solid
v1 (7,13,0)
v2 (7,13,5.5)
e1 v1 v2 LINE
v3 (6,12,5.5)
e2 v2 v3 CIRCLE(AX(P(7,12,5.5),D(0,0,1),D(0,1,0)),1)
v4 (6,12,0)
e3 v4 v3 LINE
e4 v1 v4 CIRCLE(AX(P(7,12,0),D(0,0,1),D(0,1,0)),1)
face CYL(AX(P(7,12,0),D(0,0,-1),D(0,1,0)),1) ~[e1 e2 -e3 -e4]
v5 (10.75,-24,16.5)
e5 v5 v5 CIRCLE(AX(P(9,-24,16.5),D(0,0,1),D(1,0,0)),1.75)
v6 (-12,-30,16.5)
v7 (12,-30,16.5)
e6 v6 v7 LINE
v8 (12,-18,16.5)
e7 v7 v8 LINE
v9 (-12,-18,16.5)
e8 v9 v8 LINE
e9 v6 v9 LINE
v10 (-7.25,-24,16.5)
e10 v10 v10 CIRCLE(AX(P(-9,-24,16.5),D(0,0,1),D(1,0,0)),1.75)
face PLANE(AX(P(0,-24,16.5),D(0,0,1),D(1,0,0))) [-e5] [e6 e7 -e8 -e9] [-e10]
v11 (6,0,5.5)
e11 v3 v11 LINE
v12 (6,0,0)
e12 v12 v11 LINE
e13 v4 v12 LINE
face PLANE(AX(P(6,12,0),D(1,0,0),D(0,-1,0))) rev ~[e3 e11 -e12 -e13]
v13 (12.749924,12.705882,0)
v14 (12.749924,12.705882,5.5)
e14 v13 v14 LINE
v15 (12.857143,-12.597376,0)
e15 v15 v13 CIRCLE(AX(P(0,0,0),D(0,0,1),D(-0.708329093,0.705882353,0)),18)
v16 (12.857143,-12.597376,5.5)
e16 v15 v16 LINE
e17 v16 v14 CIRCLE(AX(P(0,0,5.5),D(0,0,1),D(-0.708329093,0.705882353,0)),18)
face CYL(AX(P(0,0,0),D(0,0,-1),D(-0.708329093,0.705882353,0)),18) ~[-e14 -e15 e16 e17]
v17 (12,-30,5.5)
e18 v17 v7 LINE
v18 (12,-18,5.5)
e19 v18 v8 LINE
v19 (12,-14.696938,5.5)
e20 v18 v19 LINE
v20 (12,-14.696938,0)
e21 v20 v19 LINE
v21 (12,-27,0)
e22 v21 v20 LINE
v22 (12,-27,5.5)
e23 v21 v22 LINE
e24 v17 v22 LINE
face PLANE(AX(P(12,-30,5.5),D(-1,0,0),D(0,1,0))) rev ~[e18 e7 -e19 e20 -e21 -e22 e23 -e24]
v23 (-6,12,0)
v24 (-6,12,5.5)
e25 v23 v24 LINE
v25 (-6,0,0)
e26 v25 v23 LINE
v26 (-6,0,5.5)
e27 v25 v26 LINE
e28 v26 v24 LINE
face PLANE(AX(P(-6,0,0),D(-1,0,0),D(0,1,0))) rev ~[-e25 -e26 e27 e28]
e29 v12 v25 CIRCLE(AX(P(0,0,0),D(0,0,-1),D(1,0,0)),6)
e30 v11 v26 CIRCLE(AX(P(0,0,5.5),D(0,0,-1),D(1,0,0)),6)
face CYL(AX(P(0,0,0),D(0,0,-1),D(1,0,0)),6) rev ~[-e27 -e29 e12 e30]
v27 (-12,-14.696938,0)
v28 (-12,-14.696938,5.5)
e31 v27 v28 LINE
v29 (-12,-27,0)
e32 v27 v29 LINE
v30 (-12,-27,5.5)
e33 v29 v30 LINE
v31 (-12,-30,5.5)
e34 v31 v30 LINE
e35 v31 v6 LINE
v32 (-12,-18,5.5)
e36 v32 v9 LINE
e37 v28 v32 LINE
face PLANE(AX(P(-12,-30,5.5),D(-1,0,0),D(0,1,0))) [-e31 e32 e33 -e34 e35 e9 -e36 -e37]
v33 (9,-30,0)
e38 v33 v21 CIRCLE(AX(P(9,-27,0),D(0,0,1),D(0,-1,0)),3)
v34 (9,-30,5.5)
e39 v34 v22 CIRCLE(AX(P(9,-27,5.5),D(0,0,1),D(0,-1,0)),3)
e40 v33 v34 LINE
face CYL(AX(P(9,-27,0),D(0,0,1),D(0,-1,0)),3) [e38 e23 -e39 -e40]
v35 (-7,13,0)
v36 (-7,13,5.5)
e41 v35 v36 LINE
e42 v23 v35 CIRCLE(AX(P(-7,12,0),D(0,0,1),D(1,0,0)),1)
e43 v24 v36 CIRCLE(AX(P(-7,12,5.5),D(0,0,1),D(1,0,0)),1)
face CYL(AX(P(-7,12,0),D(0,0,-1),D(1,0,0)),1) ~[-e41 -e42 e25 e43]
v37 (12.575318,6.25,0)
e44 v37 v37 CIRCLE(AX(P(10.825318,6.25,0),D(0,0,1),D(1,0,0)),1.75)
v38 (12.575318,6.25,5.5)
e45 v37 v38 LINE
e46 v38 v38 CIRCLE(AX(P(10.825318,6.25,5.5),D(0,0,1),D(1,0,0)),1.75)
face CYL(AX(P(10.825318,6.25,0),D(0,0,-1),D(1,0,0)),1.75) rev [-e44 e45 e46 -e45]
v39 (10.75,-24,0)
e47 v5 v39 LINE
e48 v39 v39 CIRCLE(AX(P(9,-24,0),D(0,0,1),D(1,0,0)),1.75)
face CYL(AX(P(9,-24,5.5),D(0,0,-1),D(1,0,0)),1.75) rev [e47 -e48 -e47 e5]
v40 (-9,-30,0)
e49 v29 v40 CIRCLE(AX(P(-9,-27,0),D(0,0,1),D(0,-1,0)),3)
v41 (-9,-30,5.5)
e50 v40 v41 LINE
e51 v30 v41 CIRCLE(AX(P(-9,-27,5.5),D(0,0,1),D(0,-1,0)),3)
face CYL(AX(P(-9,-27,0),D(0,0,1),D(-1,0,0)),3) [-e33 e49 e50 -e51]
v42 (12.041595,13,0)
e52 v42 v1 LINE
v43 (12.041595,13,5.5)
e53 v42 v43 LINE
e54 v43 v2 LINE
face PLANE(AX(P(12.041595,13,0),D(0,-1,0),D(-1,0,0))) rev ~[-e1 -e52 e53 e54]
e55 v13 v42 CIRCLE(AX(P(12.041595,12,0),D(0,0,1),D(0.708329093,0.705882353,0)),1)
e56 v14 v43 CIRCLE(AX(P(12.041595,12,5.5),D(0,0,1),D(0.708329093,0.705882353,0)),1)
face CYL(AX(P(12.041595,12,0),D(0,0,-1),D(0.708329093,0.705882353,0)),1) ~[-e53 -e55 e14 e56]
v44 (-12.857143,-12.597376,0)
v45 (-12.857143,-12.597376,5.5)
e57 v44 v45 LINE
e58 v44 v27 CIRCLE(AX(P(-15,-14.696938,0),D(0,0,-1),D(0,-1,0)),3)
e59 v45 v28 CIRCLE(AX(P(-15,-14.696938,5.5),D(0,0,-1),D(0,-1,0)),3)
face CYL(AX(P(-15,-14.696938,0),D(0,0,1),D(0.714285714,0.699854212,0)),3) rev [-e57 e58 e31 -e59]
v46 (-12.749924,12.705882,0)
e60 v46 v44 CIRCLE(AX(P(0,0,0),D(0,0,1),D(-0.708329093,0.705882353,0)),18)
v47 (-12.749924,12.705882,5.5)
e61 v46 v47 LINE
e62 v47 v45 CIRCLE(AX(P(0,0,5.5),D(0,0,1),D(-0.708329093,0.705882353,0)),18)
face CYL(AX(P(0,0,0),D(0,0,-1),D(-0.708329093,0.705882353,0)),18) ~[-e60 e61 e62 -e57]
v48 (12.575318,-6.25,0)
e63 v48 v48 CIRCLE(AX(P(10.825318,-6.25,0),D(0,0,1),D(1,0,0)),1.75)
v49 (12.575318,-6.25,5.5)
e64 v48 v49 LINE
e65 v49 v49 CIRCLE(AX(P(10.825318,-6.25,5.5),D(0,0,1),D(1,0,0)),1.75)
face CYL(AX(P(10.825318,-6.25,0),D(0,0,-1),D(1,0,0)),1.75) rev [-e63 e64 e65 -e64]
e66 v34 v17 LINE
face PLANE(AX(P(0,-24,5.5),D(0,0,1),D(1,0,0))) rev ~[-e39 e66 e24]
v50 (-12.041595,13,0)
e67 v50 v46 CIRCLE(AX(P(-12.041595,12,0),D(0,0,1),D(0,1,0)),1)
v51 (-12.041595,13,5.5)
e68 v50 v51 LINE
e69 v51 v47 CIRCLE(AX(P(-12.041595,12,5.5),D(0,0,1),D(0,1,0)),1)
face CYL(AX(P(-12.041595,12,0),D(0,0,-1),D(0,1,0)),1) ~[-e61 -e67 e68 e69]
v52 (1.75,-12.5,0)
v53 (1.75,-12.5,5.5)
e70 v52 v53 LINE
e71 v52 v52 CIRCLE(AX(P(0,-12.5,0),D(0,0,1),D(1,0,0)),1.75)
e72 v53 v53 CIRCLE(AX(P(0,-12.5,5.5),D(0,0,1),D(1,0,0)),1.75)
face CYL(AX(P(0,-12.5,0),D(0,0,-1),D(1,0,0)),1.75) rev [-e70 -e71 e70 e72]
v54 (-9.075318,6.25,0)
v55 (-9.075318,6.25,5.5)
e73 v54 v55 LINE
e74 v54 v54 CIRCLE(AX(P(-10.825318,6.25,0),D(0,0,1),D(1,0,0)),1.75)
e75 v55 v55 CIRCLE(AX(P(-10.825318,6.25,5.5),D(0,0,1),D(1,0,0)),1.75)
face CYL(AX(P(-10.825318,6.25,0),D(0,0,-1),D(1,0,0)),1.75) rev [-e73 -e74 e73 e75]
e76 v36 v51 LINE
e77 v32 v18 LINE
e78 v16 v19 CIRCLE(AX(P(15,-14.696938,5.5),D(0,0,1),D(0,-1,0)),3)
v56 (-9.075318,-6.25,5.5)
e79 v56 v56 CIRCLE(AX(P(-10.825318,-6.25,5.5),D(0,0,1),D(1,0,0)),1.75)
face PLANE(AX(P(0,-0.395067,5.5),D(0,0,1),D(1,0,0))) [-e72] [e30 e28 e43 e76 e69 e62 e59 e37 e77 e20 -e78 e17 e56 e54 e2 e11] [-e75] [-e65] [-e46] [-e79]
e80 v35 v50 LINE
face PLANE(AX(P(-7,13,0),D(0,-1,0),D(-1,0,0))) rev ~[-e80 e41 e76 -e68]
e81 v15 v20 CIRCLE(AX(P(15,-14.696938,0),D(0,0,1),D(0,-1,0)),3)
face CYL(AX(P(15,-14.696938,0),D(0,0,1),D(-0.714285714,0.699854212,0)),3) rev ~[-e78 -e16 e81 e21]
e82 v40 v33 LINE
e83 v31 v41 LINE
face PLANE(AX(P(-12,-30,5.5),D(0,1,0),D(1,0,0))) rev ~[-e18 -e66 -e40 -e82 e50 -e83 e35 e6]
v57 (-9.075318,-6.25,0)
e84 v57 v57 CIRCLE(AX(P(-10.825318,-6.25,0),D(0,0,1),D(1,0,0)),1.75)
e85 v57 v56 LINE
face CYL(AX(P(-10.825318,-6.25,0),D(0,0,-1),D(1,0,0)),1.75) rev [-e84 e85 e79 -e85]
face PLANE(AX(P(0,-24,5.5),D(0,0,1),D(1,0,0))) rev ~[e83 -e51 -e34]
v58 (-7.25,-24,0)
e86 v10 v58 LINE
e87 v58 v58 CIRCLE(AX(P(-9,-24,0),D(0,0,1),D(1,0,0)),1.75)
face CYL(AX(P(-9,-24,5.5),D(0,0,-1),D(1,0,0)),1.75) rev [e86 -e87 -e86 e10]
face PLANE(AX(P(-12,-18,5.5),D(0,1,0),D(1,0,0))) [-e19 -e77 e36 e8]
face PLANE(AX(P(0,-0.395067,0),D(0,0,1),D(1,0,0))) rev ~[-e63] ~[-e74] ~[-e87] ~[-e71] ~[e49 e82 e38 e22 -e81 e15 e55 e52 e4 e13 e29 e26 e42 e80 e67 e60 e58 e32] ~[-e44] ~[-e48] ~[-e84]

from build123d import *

# Parameters (mm, degrees)
F0_R     = 1.75
F2_DEPTH = 5.5
F1_R     = 1.75
F3_DEPTH = 5.5
F4_R     = 3
F5_W     = 24
F5_H     = 12
F5_R     = 1.75
F6_DEPTH = 11


with BuildPart() as f2:
    # F0 (on Top) → F2 (new body)
    with BuildSketch(Plane.XY):
        with BuildLine():
            ThreePointArc((-12.0415945788, 13), (-12.4250770732, 12.9235481452), (-12.7499236717, 12.7058823529))
            ThreePointArc((-12.7499236717, 12.7058823529), (0, -18), (12.7499236717, 12.7058823529))
            ThreePointArc((12.7499236717, 12.7058823529), (12.4250770732, 12.9235481452), (12.0415945788, 13))
            Line((12.0415945788, 13), (7, 13))
            ThreePointArc((7, 13), (6.2928932188, 12.7071067812), (6, 12))
            Line((6, 12), (6, 0))
            ThreePointArc((6, 0), (0, -6), (-6, 0))
            Line((-6, 0), (-6, 12))
            ThreePointArc((-6, 12), (-6.2928932188, 12.7071067812), (-7, 13))
            Line((-7, 13), (-12.0415945788, 13))
        make_face()
        with Locations((-10.8253175473, -6.25)):
            Circle(F0_R, mode=Mode.SUBTRACT)
        with Locations((0, -12.5)):
            Circle(F0_R, mode=Mode.SUBTRACT)
        with Locations((10.8253175473, -6.25)):
            Circle(F0_R, mode=Mode.SUBTRACT)
        with Locations((-10.8253175473, 6.25)):
            Circle(F0_R, mode=Mode.SUBTRACT)
        with Locations((10.8253175473, 6.25)):
            Circle(F0_R, mode=Mode.SUBTRACT)
    extrude(amount=F2_DEPTH)

    # F1 (on Top) → F3 (join)
    with BuildSketch(Plane.XY):
        Polygon((12, -18), (0, -18), (-12, -18), (-12, -30), (12, -30), align=None)
        with Locations((-9, -24)):
            Circle(F1_R, mode=Mode.SUBTRACT)
        with Locations((9, -24)):
            Circle(F1_R, mode=Mode.SUBTRACT)
        with BuildLine():
            ThreePointArc((12, -13.416407865), (6.4227976159, -16.8151024613), (0, -18))
            Line((0, -18), (12, -18))
            Line((12, -18), (12, -13.416407865))
        make_face()
        with BuildLine():
            ThreePointArc((0, -18), (-6.4227976159, -16.8151024613), (-12, -13.416407865))
            Line((-12, -13.416407865), (-12, -18))
            Line((-12, -18), (0, -18))
        make_face()
    extrude(amount=F3_DEPTH)

    # F4
    f4_edges = [f2.edges().sort_by_distance(p)[0] for p in [
        (-12, -13.416408, 2.75),
        (-12, -30, 2.75),
        (12, -13.416408, 2.75),
        (12, -30, 2.75),
    ]]
    fillet(f4_edges, radius=F4_R)

    # F5 (on face) → F6 (join)
    with BuildSketch(Plane.XY.offset(5.5)):
        with Locations((0, -24)):
            Rectangle(F5_W, F5_H)
        with Locations((-9, -24)):
            Circle(F5_R, mode=Mode.SUBTRACT)
        with Locations((9, -24)):
            Circle(F5_R, mode=Mode.SUBTRACT)
    extrude(amount=F6_DEPTH)


solid = f2.part
